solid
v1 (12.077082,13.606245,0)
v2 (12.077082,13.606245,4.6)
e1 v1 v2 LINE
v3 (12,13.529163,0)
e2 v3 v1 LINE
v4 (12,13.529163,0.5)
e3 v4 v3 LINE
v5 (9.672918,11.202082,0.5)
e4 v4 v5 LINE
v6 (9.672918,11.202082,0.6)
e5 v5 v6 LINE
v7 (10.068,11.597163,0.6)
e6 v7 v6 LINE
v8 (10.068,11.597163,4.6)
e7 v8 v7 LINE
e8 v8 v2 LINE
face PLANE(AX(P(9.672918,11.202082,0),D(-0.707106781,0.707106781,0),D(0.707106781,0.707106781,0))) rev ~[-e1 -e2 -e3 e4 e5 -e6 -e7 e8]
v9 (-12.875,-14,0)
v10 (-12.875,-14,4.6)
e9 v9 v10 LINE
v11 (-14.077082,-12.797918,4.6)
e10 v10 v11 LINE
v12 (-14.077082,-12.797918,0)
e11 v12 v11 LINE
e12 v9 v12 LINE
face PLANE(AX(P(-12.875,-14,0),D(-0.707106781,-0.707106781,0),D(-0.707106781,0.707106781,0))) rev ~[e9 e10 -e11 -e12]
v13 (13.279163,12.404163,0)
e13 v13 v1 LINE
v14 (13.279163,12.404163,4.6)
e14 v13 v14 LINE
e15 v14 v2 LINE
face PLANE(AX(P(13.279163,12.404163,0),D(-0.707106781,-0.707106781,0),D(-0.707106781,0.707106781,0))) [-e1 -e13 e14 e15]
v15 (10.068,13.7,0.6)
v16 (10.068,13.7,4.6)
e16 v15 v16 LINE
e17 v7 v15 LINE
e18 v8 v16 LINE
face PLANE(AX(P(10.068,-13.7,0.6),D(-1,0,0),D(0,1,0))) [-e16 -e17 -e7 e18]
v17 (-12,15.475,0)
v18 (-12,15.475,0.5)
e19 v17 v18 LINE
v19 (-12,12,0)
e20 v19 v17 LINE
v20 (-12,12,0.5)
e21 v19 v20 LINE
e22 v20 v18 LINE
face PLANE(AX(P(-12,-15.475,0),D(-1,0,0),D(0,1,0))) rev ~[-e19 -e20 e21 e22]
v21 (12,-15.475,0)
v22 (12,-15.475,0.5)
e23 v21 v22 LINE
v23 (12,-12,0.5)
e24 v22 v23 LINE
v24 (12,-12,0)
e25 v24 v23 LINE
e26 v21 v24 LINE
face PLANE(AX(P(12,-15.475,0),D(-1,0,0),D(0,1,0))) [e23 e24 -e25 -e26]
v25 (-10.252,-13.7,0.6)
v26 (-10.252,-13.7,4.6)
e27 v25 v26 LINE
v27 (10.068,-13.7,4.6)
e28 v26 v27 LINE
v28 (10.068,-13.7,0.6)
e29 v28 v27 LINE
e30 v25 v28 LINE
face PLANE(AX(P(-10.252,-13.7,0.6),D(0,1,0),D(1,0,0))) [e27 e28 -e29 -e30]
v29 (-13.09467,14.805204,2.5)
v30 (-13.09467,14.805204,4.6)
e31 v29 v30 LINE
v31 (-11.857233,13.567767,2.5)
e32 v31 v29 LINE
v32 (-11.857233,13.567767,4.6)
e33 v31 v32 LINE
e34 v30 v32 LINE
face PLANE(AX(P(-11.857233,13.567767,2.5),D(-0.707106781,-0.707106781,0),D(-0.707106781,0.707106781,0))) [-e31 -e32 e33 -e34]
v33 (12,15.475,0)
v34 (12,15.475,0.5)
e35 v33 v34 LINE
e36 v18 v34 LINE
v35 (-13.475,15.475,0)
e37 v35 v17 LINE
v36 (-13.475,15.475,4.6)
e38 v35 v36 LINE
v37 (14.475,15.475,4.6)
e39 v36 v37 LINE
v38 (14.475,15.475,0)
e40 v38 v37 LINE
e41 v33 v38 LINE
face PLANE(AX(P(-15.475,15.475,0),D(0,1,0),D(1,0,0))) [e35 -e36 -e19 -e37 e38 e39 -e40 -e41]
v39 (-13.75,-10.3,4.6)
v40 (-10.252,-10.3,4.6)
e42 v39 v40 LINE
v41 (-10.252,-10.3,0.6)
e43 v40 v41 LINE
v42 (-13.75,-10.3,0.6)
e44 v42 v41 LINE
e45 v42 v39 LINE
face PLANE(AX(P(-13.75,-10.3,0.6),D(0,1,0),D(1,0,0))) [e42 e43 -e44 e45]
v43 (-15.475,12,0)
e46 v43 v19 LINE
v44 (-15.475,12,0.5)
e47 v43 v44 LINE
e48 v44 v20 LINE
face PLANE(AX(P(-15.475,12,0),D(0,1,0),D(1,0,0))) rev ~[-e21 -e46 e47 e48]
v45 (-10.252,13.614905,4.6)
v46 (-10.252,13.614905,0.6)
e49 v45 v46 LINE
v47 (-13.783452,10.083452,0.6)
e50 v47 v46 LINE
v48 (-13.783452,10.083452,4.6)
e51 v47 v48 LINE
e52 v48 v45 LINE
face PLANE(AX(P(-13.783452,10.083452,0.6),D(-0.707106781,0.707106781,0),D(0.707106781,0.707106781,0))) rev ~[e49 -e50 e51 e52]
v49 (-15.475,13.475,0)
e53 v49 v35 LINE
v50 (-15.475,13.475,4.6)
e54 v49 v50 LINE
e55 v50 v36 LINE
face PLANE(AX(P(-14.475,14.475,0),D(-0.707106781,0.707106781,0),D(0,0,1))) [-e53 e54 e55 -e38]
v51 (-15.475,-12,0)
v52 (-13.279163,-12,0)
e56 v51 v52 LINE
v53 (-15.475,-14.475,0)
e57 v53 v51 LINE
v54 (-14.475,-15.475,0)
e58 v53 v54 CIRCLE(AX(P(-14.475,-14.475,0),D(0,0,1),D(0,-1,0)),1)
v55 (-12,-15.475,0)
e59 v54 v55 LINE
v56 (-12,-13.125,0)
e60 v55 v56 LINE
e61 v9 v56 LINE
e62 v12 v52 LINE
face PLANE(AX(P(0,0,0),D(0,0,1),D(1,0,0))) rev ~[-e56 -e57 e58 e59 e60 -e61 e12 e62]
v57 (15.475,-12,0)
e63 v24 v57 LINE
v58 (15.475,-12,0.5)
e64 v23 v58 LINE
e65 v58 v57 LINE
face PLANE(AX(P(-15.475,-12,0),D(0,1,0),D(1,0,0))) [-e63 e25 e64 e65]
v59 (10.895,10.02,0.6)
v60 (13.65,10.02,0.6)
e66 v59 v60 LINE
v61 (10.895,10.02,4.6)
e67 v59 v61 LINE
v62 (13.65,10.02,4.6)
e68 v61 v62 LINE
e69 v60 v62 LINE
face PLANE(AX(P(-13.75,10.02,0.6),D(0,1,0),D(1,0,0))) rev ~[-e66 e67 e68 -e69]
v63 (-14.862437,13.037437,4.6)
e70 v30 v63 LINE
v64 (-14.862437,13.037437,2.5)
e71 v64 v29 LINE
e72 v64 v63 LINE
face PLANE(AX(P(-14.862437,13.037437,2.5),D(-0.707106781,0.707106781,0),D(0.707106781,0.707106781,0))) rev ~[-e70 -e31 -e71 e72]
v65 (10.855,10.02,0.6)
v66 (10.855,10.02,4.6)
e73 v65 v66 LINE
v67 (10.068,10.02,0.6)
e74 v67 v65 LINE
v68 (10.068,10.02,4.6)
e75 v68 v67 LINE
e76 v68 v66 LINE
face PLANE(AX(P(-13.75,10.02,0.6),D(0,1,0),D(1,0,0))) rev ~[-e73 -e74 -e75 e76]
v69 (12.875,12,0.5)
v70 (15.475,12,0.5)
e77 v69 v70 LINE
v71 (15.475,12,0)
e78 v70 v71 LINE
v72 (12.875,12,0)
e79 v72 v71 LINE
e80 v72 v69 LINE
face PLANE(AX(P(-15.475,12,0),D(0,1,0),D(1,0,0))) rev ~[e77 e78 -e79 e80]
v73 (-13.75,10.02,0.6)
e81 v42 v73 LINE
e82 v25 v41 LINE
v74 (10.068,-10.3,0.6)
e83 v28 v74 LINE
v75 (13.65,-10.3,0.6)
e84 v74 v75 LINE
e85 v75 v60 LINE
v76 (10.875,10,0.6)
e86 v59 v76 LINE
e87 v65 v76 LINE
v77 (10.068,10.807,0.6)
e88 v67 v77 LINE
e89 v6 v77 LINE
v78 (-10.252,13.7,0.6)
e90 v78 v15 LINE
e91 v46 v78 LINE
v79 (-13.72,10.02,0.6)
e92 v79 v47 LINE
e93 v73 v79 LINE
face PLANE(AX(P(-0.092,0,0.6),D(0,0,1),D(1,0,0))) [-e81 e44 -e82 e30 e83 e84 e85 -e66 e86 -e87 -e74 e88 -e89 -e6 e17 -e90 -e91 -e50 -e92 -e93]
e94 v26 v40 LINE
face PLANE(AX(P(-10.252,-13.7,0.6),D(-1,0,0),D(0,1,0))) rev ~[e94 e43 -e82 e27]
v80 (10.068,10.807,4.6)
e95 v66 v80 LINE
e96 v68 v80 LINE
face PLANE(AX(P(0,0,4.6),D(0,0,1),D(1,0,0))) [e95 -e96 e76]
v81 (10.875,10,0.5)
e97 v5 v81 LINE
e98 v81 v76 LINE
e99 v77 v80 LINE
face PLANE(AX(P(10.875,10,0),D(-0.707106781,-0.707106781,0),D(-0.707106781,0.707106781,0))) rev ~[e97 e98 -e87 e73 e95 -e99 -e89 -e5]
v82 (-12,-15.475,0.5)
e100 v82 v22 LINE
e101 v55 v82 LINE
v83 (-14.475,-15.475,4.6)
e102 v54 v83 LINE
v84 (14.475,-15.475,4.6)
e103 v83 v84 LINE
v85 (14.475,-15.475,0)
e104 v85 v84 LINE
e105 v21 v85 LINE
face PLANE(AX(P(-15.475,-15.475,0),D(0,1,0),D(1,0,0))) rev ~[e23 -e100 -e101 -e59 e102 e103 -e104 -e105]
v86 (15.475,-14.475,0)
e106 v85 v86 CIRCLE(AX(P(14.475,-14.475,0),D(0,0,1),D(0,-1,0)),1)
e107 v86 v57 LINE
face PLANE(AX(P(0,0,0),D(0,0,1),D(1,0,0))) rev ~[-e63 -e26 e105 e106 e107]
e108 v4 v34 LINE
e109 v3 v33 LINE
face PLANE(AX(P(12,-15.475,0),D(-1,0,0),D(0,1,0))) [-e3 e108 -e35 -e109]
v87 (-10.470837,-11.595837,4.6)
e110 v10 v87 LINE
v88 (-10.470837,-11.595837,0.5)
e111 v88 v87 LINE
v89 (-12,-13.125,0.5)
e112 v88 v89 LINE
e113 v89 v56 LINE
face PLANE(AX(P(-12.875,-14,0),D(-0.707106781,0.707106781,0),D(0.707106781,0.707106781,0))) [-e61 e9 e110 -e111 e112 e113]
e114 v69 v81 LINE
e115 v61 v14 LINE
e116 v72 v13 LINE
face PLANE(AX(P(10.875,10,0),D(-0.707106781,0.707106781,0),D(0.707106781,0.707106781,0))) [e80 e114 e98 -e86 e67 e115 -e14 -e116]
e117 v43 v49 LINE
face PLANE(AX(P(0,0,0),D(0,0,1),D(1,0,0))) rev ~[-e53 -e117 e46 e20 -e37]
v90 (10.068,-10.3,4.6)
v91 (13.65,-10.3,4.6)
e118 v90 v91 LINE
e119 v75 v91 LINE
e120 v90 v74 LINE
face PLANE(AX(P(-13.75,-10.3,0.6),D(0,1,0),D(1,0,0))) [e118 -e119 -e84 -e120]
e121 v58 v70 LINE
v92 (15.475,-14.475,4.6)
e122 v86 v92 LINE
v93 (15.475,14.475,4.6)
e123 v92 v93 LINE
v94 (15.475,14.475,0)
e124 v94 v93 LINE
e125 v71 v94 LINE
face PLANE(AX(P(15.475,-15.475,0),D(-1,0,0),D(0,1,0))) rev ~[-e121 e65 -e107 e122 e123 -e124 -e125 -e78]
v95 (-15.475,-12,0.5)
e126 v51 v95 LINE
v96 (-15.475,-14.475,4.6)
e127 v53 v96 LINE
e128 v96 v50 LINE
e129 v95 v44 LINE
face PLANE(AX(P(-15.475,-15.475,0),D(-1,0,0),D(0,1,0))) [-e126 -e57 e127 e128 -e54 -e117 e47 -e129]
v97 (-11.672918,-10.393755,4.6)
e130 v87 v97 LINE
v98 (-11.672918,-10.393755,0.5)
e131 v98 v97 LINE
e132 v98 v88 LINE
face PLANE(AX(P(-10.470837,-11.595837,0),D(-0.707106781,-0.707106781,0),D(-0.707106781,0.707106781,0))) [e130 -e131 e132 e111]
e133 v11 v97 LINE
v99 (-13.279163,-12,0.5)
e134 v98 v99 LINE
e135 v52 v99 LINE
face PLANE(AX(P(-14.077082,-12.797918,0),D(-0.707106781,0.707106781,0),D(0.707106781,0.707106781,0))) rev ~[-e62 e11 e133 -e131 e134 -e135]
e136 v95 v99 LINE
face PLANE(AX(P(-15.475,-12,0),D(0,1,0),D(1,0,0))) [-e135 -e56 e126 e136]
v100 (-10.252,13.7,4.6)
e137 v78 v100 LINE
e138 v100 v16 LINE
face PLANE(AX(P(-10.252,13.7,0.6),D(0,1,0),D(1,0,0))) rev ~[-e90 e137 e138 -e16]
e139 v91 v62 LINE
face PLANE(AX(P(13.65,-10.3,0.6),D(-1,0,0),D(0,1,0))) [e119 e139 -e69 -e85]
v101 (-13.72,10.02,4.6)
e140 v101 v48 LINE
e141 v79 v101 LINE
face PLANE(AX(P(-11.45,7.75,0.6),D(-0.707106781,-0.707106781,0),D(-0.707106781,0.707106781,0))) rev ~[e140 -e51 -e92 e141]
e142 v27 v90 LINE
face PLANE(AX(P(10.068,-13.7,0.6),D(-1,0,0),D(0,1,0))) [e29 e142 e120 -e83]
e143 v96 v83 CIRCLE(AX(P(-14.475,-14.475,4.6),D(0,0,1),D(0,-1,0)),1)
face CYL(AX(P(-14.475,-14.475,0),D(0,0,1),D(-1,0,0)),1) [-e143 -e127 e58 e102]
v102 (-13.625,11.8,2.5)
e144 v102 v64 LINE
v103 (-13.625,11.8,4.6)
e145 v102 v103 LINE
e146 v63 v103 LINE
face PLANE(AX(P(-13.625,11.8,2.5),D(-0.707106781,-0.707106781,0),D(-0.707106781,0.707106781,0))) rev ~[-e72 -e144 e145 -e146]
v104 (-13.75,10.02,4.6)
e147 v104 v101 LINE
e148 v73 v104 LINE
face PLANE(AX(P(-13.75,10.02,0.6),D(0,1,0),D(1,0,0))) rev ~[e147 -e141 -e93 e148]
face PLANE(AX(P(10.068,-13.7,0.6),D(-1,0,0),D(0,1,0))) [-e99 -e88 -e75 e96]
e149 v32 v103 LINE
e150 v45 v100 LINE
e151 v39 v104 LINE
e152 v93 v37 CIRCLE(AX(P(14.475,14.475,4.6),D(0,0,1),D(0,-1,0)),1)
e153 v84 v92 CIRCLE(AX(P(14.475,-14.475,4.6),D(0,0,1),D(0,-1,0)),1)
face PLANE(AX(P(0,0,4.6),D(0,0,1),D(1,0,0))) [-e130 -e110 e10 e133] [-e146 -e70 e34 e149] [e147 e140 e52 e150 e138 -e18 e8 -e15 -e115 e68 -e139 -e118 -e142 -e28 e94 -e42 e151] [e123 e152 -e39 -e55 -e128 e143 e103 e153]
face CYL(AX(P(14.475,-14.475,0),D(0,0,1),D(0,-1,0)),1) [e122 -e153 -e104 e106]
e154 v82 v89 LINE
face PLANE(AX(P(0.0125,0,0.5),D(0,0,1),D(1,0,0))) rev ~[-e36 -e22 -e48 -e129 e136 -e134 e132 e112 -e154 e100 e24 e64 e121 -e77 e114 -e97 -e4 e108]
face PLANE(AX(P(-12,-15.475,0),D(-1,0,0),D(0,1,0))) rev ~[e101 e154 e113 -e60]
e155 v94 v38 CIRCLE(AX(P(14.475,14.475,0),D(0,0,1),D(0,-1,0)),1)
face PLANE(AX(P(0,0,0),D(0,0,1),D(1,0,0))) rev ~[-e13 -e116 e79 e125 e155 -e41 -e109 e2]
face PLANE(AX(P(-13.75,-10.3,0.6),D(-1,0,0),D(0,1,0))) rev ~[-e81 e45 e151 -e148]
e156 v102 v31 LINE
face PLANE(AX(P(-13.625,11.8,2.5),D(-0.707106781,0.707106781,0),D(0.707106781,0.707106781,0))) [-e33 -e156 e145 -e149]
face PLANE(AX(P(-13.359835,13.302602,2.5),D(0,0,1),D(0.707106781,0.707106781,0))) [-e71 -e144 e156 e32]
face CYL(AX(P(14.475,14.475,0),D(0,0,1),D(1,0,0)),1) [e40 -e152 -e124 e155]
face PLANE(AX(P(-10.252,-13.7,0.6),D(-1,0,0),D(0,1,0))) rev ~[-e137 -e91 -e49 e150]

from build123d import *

# Parameters (mm, degrees)
BOX_W        = 30.95
BOX_H        = 30.95
BOX_DEPTH    = 4.6
BOX001_W     = 30.975
BOX001_H     = 24
BOX001_DEPTH = 0.5
BOX002_W     = 24
BOX002_H     = 30.975
BOX002_DEPTH = 0.5
BOX003_W     = 20.32
BOX003_H     = 27.4
BOX003_DEPTH = 4
CHAMFER_SIZE = 2
BOX004_W     = 2.5
BOX004_H     = 1.75
BOX004_DEPTH = 3
BOX005_W     = 27.4
BOX005_H     = 20.32
BOX005_DEPTH = 4
BOX006_W     = 5.1
BOX006_H     = 3.3
BOX006_DEPTH = 4
BOX007_W     = 3.4
BOX007_H     = 1.7
BOX007_DEPTH = 4.6
BOX008_W     = 3.4
BOX008_H     = 1.7
BOX008_DEPTH = 4.6
FILLET_R     = 1
FILLET001_R  = 1
FILLET002_R  = 1


with BuildPart() as part:
    # Box → Box (join)
    with BuildSketch(Plane(origin=(-15.475, -15.475, 0), x_dir=(1, 0, 0), z_dir=(0, 0, 1))):
        with Locations((15.475, 15.475)):
            Rectangle(BOX_W, BOX_H)
    extrude(amount=BOX_DEPTH)

    # Box001 → Box001 (cut)
    with BuildSketch(Plane(origin=(-15.475, -12, 0), x_dir=(1, 0, 0), z_dir=(0, 0, 1))):
        with Locations((15.4875, 12)):
            Rectangle(BOX001_W, BOX001_H)
    extrude(amount=BOX001_DEPTH, mode=Mode.SUBTRACT)

    # Box002 → Box002 (cut)
    with BuildSketch(Plane(origin=(-12, -15.475, 0), x_dir=(1, 0, 0), z_dir=(0, 0, 1))):
        with Locations((12, 15.4875)):
            Rectangle(BOX002_W, BOX002_H)
    extrude(amount=BOX002_DEPTH, mode=Mode.SUBTRACT)

    # Box003 → Box003 (cut)
    with BuildSketch(Plane(origin=(-10.252, -13.7, 0.6), x_dir=(1, 0, 0), z_dir=(0, 0, 1))):
        with Locations((10.16, 13.7)):
            Rectangle(BOX003_W, BOX003_H)
    extrude(amount=BOX003_DEPTH, mode=Mode.SUBTRACT)

    # Chamfer
    chamfer_edges = [part.edges().sort_by_distance(p)[0] for p in [
        (-15.475, 15.475, 2.3),
    ]]
    chamfer(chamfer_edges, length=CHAMFER_SIZE)

    # Box004 → Box004 (cut)
    with BuildSketch(Plane(origin=(-13.625, 11.8, 2.5), x_dir=(0.707107, 0.707107, 0), z_dir=(0, 0, 1))):
        with Locations((1.25, 0.875)):
            Rectangle(BOX004_W, BOX004_H)
    extrude(amount=BOX004_DEPTH, mode=Mode.SUBTRACT)

    # Box005 → Box005 (cut)
    with BuildSketch(Plane(origin=(-13.75, -10.3, 0.6), x_dir=(1, 0, 0), z_dir=(0, 0, 1))):
        with Locations((13.7, 10.16)):
            Rectangle(BOX005_W, BOX005_H)
    extrude(amount=BOX005_DEPTH, mode=Mode.SUBTRACT)

    # Box006 → Box006 (cut)
    with BuildSketch(Plane(origin=(-11.45, 7.75, 0.6), x_dir=(0.707107, 0.707107, 0), z_dir=(0, 0, 1))):
        with Locations((2.55, 1.65)):
            Rectangle(BOX006_W, BOX006_H)
    extrude(amount=BOX006_DEPTH, mode=Mode.SUBTRACT)

    # Box007 → Box007 (cut)
    with BuildSketch(Plane(origin=(-12.875, -14, 0), x_dir=(0.707107, 0.707107, 0), z_dir=(0, 0, 1))):
        with Locations((1.7, 0.85)):
            Rectangle(BOX007_W, BOX007_H)
    extrude(amount=BOX007_DEPTH, mode=Mode.SUBTRACT)

    # Box008 → Box008 (cut)
    with BuildSketch(Plane(origin=(10.875, 10, 0), x_dir=(0.707107, 0.707107, 0), z_dir=(0, 0, 1))):
        with Locations((1.7, 0.85)):
            Rectangle(BOX008_W, BOX008_H)
    extrude(amount=BOX008_DEPTH, mode=Mode.SUBTRACT)

    # Fillet
    fillet_edges = [part.edges().sort_by_distance(p)[0] for p in [
        (-15.475, -15.475, 2.3),
    ]]
    fillet(fillet_edges, radius=FILLET_R)

    # Fillet001
    fillet001_edges = [part.edges().sort_by_distance(p)[0] for p in [
        (15.475, -15.475, 2.3),
    ]]
    fillet(fillet001_edges, radius=FILLET001_R)

    # Fillet002
    fillet002_edges = [part.edges().sort_by_distance(p)[0] for p in [
        (15.475, 15.475, 2.3),
    ]]
    fillet(fillet002_edges, radius=FILLET002_R)


solid = part.part
